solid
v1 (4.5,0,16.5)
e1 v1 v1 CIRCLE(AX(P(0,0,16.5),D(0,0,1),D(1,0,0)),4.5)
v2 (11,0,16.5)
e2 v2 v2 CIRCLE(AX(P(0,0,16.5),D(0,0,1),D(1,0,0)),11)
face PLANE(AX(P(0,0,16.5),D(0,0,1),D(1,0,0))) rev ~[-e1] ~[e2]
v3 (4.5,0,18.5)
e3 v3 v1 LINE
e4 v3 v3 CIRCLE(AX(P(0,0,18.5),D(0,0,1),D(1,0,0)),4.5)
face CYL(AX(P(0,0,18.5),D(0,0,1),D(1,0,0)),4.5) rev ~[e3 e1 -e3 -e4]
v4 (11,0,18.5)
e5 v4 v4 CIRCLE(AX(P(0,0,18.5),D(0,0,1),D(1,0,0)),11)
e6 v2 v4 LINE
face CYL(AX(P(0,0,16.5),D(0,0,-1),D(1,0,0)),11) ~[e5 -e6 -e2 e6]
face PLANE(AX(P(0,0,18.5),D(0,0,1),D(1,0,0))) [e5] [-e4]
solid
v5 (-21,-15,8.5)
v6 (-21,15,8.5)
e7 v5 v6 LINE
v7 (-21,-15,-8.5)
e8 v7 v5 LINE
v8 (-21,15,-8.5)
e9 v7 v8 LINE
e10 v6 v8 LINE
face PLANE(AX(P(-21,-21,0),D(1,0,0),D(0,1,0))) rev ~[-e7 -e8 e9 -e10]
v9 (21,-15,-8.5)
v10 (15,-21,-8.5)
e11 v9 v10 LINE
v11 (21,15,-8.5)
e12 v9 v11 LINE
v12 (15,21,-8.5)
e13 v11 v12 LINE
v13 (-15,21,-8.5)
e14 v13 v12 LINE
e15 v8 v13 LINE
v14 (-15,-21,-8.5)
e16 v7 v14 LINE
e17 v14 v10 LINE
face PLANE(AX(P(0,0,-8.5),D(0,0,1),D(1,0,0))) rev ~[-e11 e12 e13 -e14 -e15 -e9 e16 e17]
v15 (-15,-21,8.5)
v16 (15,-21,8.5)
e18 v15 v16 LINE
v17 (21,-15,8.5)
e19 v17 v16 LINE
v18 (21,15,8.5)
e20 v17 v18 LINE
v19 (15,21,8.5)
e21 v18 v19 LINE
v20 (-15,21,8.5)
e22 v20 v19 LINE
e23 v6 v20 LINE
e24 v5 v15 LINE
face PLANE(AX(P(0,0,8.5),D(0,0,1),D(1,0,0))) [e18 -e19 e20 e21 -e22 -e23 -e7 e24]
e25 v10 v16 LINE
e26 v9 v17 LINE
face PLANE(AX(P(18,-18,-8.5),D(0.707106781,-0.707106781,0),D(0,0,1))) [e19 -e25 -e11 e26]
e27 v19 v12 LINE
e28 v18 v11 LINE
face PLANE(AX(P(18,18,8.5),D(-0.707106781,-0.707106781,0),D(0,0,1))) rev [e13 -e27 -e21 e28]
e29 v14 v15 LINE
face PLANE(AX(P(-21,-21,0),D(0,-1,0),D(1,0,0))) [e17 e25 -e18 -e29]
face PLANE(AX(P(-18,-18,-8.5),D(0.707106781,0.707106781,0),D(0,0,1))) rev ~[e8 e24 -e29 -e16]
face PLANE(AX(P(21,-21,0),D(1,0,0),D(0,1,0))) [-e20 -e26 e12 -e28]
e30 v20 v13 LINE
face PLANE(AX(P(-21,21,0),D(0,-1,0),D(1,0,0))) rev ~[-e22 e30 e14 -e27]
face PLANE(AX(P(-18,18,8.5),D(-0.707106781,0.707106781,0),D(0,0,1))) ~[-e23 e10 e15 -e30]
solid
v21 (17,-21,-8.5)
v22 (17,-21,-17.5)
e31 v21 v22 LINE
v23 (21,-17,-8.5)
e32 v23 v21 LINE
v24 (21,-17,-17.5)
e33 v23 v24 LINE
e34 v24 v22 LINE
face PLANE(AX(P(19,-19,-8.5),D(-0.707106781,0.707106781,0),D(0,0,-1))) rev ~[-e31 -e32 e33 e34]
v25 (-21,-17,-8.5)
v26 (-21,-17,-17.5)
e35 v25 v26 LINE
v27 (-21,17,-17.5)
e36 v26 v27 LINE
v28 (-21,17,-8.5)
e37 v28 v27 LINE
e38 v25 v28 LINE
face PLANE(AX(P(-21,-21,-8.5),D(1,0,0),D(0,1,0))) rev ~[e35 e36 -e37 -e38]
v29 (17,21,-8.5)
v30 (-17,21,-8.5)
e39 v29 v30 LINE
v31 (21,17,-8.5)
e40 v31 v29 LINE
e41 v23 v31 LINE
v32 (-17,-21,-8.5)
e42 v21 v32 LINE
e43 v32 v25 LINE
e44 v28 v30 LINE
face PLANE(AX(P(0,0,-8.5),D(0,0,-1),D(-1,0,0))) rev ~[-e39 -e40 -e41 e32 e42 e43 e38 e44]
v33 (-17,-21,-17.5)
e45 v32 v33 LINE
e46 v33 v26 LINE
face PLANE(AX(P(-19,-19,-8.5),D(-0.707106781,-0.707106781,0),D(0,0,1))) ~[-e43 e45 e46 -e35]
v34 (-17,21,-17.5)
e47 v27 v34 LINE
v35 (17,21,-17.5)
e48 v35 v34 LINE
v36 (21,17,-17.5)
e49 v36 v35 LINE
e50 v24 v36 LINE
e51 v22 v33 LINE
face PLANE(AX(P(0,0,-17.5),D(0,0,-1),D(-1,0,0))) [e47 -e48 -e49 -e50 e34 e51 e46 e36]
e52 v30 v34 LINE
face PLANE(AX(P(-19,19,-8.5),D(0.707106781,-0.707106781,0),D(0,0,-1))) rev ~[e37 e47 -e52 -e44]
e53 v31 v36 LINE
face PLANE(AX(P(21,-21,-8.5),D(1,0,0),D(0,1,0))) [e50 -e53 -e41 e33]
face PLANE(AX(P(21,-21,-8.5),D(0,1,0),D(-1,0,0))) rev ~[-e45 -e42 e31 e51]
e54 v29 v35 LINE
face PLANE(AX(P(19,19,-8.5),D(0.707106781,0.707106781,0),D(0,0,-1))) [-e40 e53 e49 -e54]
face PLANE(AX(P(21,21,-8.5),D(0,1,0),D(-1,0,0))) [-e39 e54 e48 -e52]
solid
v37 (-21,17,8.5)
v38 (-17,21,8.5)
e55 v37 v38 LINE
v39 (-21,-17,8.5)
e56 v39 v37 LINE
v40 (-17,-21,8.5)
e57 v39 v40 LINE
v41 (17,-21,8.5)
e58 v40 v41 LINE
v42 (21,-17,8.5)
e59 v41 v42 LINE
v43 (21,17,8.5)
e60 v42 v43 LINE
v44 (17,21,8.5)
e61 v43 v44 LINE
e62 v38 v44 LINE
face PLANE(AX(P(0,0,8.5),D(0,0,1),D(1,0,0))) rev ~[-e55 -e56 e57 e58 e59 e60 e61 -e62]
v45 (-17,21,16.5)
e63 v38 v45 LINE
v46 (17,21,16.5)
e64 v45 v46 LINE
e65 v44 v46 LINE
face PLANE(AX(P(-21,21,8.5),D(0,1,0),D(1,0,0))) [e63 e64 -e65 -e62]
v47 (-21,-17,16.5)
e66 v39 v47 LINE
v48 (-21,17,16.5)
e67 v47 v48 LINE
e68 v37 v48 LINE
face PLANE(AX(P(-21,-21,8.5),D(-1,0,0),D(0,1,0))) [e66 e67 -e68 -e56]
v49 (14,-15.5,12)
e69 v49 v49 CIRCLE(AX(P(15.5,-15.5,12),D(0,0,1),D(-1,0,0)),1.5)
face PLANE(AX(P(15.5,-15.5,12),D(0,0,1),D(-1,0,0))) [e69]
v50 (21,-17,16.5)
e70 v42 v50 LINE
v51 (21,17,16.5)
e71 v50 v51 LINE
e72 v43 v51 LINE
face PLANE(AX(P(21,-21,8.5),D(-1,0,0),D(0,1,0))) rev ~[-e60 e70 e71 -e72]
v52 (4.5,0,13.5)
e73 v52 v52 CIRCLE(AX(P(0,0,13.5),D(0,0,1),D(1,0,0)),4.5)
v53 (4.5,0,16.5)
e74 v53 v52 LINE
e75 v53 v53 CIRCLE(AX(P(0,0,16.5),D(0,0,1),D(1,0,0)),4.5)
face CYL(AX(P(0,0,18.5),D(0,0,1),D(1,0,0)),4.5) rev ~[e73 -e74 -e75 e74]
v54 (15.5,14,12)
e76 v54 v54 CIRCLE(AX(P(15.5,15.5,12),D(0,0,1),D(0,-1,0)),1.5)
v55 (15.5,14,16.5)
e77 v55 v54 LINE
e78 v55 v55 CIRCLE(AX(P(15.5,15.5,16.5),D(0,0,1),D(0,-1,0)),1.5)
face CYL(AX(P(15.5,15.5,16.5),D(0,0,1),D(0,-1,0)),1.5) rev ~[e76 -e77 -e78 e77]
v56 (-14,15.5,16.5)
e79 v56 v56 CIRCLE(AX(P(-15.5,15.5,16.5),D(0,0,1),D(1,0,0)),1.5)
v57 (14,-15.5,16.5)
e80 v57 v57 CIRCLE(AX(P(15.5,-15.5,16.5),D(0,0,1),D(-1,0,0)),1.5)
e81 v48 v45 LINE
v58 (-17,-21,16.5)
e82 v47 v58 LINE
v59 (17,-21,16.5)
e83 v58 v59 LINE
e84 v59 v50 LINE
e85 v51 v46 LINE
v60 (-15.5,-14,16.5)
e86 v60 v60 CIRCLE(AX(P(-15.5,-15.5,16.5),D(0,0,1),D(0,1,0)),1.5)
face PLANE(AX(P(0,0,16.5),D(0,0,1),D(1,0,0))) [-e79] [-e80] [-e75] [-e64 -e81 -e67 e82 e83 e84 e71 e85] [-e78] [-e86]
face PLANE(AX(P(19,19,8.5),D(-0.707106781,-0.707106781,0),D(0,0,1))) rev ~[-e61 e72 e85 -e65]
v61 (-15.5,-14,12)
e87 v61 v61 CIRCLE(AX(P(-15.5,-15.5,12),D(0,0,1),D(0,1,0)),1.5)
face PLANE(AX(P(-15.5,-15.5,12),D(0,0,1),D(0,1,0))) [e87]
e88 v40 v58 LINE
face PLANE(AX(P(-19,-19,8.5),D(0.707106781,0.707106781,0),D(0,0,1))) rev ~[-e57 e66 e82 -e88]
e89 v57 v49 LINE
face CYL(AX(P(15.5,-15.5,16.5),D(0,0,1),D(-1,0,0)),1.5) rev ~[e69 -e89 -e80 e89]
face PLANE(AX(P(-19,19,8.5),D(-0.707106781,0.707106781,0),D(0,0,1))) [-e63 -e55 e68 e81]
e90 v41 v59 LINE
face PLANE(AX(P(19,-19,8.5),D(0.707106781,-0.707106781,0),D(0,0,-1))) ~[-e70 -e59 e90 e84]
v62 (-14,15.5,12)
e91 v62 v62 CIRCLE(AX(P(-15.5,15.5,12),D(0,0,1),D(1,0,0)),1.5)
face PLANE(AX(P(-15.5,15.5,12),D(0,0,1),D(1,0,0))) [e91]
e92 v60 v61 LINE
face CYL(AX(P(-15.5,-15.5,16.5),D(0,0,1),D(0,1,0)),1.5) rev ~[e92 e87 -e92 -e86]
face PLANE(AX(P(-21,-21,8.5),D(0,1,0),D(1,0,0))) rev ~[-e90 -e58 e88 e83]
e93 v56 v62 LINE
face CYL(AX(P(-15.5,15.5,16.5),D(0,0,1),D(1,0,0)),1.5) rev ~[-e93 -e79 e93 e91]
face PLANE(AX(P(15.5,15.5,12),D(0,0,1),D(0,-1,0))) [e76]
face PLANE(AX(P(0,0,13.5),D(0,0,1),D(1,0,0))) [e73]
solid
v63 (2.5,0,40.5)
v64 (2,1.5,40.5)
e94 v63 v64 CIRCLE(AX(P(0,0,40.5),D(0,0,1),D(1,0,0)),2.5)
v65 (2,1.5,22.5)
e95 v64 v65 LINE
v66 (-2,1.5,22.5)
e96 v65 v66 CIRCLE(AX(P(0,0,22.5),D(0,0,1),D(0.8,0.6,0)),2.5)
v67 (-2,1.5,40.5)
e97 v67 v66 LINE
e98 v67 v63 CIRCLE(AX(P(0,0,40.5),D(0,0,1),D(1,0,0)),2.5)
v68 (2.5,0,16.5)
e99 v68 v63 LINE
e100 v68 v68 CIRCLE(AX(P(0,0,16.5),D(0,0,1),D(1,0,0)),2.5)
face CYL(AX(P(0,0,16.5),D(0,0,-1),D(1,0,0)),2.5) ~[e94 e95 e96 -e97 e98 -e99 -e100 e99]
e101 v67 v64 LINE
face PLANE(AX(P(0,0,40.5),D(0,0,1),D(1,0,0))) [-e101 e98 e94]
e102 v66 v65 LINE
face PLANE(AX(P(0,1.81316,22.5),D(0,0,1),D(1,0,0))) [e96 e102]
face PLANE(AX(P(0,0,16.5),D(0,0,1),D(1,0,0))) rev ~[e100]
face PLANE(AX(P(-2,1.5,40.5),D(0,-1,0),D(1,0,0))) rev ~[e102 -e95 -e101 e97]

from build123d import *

# Parameters (mm, degrees)
SKETCH_1_W               = 42
SKETCH_1_H               = 42
EXTRUDE_1_DEPTH          = 8.5
CHAMFER_1_SIZE           = 6
SKETCH_15_W              = 42
SKETCH_15_H              = 42
EXTRUDE_11_DEPTH         = 8
SKETCH_16_W              = 42
SKETCH_16_H              = 42
EXTRUDE_12_DEPTH         = 9
CHAMFER_2_SIZE           = 4
CHAMFER_3_SIZE           = 4
SKETCH_2_R               = 11
EXTRUDE_2_DEPTH          = 2
SKETCH_3_R               = 4.5
CUT_EXTRUDE_1_DEPTH      = 5
SKETCH_6_R               = 2.5
EXTRUDE_9_DEPTH          = 24
SKETCH_8_R               = 1.5
CUT_EXTRUDE_3_DEPTH      = 4.5
CUT_EXTRUDE_4_DEPTH      = 18
PATTERN_CIRCULAR_1_COUNT = 4


with BuildPart() as part:
    # 草圖1 → 填料-伸長1 (new body, symmetric)
    with BuildSketch(Plane.XY):
        Rectangle(SKETCH_1_W, SKETCH_1_H)
    extrude(amount=EXTRUDE_1_DEPTH, both=True)

    # 導角1
    chamfer_1_edges = [part.edges().sort_by_distance(p)[0] for p in [
        (21, -21, 0),
        (-21, -21, 0),
        (-21, 21, 0),
        (21, 21, 0),
    ]]
    chamfer(chamfer_1_edges, length=CHAMFER_1_SIZE)


with BuildPart() as body_2:
    # 草圖15 → 填料-伸長11 (new body)
    with BuildSketch(Plane.XY.offset(8.5)):
        Rectangle(SKETCH_15_W, SKETCH_15_H)
    extrude(amount=EXTRUDE_11_DEPTH)

    # 導角2
    chamfer_2_edges = [body_2.edges().sort_by_distance(p)[0] for p in [
        (21, -21, 12.5),
        (-21, -21, 12.5),
        (-21, 21, 12.5),
        (21, 21, 12.5),
    ]]
    chamfer(chamfer_2_edges, length=CHAMFER_2_SIZE)


with BuildPart() as body_3:
    # 草圖16 → 填料-伸長12 (new body)
    with BuildSketch(Plane(origin=(0, 0, -8.5), x_dir=(-1, 0, 0), z_dir=(0, 0, -1))):
        Rectangle(SKETCH_16_W, SKETCH_16_H)
    extrude(amount=EXTRUDE_12_DEPTH)

    # 導角3
    chamfer_3_edges = [body_3.edges().sort_by_distance(p)[0] for p in [
        (-21, -21, -13),
        (21, -21, -13),
        (21, 21, -13),
        (-21, 21, -13),
    ]]
    chamfer(chamfer_3_edges, length=CHAMFER_3_SIZE)


with BuildPart() as body_4:
    # 草圖2 → 填料-伸長2 (new body)
    with BuildSketch(Plane.XY.offset(16.5)):
        Circle(SKETCH_2_R)
    extrude(amount=EXTRUDE_2_DEPTH)


with BuildPart() as cut_extrude_1_tool:
    # 草圖3 → 除料-伸長1 (new body)
    with BuildSketch(Plane.XY.offset(18.5)):
        Circle(SKETCH_3_R)
    extrude(amount=-CUT_EXTRUDE_1_DEPTH)


with BuildPart() as body_2_1:
    add(body_2.part)

    # 除料-伸長1: cut by cut_extrude_1_tool
    add(cut_extrude_1_tool.part, mode=Mode.SUBTRACT)

    # 草圖8 → 除料-伸長3 (cut)
    with BuildSketch(Plane.XY.offset(16.5)):
        with Locations((-15.5, 15.5)):
            Circle(SKETCH_8_R)
    cut_extrude_3 = extrude(amount=-CUT_EXTRUDE_3_DEPTH, mode=Mode.SUBTRACT)

    # 環狀複製排列1: 除料-伸長3 ×4 about axis
    pattern_circular_1_axis = Axis((0, 0, 0), (0, 0, 1))
    for i in range(1, PATTERN_CIRCULAR_1_COUNT):
        add(cut_extrude_3.rotate(pattern_circular_1_axis, i * 360 / PATTERN_CIRCULAR_1_COUNT), mode=Mode.SUBTRACT)


with BuildPart() as body_4_1:
    add(body_4.part)

    # 除料-伸長1: cut by cut_extrude_1_tool
    add(cut_extrude_1_tool.part, mode=Mode.SUBTRACT)


with BuildPart() as body_5:
    # 草圖6 → 填料-伸長9 (new body)
    with BuildSketch(Plane.XY.offset(16.5)):
        Circle(SKETCH_6_R)
    extrude(amount=EXTRUDE_9_DEPTH)

    # 草圖11 → 除料-伸長4 (cut)
    with BuildSketch(Plane.XY.offset(40.5)):
        with BuildLine():
            Line((-2, 1.5), (2, 1.5))
            ThreePointArc((2, 1.5), (0, 2.5), (-2, 1.5))
        make_face()
    extrude(amount=-CUT_EXTRUDE_4_DEPTH, mode=Mode.SUBTRACT)


solid = Compound([part.part, body_3.part, body_2_1.part, body_4_1.part, body_5.part])
